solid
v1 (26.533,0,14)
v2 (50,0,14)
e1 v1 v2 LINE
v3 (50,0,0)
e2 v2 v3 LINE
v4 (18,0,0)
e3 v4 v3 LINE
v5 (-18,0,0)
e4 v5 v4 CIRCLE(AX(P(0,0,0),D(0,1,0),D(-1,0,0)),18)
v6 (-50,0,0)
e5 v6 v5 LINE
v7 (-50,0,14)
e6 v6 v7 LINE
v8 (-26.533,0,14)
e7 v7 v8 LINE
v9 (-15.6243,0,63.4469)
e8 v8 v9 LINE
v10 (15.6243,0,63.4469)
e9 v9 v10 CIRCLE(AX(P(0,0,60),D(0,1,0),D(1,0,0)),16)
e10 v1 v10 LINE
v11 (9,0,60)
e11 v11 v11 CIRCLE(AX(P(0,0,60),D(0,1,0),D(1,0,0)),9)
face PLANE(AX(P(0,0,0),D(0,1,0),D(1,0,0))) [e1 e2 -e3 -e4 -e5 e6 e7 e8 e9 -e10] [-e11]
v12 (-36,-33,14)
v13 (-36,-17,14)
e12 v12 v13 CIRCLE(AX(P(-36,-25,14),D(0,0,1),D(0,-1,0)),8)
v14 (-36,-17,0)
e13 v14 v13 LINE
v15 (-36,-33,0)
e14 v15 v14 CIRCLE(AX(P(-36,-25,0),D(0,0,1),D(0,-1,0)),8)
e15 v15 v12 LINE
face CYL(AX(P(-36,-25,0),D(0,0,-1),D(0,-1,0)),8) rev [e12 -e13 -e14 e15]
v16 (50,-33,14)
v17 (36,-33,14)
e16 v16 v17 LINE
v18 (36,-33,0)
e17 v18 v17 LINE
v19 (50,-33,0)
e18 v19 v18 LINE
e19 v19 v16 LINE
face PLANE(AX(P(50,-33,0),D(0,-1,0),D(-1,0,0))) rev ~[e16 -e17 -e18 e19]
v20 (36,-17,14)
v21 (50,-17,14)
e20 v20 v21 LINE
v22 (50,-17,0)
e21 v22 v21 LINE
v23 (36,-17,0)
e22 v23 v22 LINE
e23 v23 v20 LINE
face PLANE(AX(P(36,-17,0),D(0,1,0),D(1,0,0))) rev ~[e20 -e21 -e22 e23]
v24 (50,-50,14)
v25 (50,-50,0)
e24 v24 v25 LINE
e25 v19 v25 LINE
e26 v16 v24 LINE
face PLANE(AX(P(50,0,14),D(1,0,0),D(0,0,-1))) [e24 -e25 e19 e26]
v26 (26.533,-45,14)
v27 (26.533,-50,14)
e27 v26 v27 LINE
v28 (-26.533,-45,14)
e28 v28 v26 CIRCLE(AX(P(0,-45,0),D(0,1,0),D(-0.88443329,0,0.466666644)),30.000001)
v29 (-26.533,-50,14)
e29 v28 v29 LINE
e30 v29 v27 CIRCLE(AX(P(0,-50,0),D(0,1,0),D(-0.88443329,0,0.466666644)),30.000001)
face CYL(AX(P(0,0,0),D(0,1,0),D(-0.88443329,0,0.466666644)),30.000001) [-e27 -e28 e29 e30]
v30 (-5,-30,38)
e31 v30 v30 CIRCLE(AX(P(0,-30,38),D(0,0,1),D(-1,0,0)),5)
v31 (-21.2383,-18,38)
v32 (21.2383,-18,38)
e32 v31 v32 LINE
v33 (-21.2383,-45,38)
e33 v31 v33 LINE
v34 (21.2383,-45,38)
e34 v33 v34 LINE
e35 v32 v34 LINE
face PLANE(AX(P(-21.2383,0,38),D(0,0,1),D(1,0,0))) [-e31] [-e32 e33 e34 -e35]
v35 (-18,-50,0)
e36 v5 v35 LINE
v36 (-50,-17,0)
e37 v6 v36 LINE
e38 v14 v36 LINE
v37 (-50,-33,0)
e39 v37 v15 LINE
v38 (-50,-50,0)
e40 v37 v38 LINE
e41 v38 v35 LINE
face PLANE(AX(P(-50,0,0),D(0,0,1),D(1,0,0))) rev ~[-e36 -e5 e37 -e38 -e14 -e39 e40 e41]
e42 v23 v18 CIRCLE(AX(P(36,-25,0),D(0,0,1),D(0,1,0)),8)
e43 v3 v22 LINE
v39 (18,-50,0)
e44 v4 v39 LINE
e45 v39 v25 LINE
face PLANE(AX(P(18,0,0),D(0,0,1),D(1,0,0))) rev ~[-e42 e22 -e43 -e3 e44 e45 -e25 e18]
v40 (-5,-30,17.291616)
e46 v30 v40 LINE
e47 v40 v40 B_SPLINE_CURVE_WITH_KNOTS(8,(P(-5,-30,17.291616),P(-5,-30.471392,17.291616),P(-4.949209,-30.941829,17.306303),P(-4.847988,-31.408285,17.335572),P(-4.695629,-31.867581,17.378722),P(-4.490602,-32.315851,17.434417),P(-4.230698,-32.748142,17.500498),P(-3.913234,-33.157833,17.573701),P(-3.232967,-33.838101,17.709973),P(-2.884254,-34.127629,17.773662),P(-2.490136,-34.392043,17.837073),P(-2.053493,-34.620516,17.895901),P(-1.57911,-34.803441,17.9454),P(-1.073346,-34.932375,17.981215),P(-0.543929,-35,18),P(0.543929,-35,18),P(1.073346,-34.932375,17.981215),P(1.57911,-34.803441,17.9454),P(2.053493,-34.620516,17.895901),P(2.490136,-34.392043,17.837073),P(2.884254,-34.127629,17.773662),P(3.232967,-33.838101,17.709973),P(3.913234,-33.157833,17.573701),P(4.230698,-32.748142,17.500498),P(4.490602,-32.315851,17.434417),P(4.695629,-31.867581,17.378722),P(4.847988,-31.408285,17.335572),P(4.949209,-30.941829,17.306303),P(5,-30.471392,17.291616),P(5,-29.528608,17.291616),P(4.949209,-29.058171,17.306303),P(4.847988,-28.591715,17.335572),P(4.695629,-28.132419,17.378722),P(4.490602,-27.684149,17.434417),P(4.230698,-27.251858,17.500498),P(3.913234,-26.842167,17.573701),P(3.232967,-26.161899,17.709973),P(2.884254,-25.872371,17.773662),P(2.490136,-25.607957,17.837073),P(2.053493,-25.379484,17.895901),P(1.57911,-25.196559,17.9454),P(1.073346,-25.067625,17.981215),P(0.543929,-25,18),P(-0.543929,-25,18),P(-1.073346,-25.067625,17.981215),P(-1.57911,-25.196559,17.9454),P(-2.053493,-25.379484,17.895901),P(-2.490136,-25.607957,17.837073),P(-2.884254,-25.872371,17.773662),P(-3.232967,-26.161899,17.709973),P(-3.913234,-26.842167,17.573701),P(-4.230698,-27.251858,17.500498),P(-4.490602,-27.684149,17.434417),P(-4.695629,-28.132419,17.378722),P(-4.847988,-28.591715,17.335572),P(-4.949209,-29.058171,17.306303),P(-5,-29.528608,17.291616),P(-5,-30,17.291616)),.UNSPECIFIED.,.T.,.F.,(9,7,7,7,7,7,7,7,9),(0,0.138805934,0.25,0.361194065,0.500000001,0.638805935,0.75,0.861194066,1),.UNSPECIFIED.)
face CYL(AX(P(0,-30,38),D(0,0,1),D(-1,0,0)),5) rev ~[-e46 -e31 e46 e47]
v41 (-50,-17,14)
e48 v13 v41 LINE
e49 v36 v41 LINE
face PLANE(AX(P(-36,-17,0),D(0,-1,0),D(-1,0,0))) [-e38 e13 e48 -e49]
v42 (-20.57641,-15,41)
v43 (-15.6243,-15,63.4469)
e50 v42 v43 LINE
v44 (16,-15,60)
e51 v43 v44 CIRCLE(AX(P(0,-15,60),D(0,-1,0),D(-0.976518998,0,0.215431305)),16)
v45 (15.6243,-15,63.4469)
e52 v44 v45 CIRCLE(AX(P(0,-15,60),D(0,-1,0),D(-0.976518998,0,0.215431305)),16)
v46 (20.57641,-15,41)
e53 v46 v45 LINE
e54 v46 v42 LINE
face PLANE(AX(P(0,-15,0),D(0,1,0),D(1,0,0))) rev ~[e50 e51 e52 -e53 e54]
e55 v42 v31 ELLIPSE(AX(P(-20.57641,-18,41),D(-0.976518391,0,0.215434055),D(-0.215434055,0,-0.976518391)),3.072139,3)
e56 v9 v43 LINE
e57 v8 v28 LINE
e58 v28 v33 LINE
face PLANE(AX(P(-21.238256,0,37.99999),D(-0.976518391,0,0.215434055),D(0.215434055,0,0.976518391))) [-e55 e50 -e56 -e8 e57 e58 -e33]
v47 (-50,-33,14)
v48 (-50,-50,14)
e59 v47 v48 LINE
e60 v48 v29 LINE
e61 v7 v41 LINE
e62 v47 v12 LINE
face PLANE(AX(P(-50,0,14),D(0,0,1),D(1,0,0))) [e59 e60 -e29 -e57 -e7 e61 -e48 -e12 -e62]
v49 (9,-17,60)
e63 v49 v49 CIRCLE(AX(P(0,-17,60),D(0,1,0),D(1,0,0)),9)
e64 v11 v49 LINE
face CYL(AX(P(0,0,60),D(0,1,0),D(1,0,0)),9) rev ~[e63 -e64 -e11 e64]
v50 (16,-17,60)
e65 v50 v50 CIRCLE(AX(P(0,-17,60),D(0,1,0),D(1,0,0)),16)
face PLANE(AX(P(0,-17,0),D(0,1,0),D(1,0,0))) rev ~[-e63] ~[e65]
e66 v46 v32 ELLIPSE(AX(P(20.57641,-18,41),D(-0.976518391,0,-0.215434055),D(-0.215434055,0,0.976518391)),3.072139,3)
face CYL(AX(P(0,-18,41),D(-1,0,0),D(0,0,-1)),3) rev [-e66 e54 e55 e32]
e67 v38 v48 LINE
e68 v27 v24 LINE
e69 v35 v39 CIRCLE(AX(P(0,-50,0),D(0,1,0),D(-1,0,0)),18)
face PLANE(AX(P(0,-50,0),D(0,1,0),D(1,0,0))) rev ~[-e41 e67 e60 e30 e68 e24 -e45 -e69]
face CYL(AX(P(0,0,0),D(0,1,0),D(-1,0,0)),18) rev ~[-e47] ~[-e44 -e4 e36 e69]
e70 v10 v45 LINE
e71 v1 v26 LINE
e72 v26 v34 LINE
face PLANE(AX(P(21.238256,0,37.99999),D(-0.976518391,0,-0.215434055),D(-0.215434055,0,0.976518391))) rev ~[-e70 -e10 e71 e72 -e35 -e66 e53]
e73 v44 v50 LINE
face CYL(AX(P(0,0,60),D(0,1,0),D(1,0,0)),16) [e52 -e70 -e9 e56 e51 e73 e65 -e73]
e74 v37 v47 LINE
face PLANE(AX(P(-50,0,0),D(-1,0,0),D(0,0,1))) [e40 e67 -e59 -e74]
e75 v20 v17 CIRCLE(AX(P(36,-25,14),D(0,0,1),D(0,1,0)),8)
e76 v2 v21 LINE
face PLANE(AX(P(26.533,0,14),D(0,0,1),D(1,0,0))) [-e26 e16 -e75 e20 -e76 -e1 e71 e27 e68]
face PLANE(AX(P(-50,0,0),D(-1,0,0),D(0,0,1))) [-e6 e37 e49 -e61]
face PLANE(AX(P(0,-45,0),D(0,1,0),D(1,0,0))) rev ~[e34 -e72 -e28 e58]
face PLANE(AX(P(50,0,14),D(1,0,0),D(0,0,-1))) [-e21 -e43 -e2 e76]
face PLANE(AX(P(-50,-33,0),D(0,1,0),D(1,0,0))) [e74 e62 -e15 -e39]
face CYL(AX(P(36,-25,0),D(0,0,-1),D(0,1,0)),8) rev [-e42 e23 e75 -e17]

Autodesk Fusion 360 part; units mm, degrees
sketch "草图1" plane through (0, 0, 0) normal (0, 1, 0) x (1, 0, 0)
  line L0 (-100, 0) -> (100, 0) construction
  line L1 (-50, 0) -> (-50, -14)
  line L2 (-50, -14) -> (-26.533, -14)
  arc A0 (-26.533, -14) -> (26.533, -14) centre (0, 0) ccw
  line L3 (26.533, -14) -> (50, -14)
  line L4 (50, -14) -> (50, 0)
  line L5 (18, 0) -> (50, 0)
  line L6 (-50, 0) -> (-18, 0)
  line L7 (0, -85) -> (0, 30) construction
  arc A1 (-18, 0) -> (18, 0) centre (0, 0) ccw
  circle A2 centre (0, -60) radius 16
  circle A3 centre (0, -60) radius 9
  line L8 (-26.533, -14) -> (-15.6243, -63.4469)
  line L9 (26.533, -14) -> (15.6243, -63.4469)
  line L10 (-21.2383, -38) -> (21.2383, -38)
  dimension "d1" = 14
  dimension "d2" = 14
  dimension "d3" = 100
  dimension "d5" = 30
  dimension "d6" = 18
  dimension "d7" = 32
  dimension "d8" = 18
  dimension "d9" = 60
  dimension "d10" = 38
extrude "拉伸1" add sketch "草图1" against normal blind 50 contours L1 L2 A0 L3 L4 L5 L6 A1 makes body 1
extrude "拉伸2" add sketch "草图1" against normal blind 45 contours A0 L8 L9 L10 bodies 1
extrude "拉伸3" add sketch "草图1" against normal blind 15 contours A2 L8 L9 L10 bodies 1
extrude "拉伸4" add sketch "草图1" against normal blind 17 contours A2 bodies 1
sketch "草图2" plane through (0, 0, 0) normal (1, 0, 0) x (0, 1, 0)
  line L0 (-15, 63.4469) -> (-15, 41)
  line L1 (-18, 38) -> (-45, 38)
  arc A0 (-18, 38) -> (-15, 41) centre (-18, 41) ccw
  line L2 (-15, 63.4469) -> (-15, 38)
  line L3 (-15, 38) -> (-45, 38)
  point P0 (-15, 63.4469)
  point P1 (-45, 38)
  point P2 (-15, 38)
  dimension "d19" = 3
extrude "拉伸5" add sketch "草图2" along normal mid plane 54 separate body makes body 2
extrude "拉伸6" cut sketch "草图1" against normal blind 75 contours A2 L8 L9 L10 keep common part bodies 2
combine "合并1" operation add target body 1 tool bodies 2
sketch "草图3" plane through (0, 0, 0) normal (0, 0, 1) x (1, 0, 0)
  line L0 (-50, -17) -> (-50, -33)
  line L1 (-50, -33) -> (-36, -33)
  arc A0 (-36, -33) -> (-36, -17) centre (-36, -25) ccw
  line L2 (-36, -17) -> (-50, -17)
  line L3 (0, 15) -> (0, -36) construction
  line L4 (36, -17) -> (50, -17)
  line L5 (50, -17) -> (50, -33)
  line L6 (50, -33) -> (36, -33)
  arc A1 (36, -17) -> (36, -33) centre (36, -25) ccw
  dimension "d24" = 50
  dimension "d25" = 36
  dimension "d26" = 16
  dimension "d27" = 25
extrude "拉伸7" cut sketch "草图3" along normal blind 14 bodies 1
sketch "草图4" plane through (0, 0, 38) normal (0, 0, 1) x (-1, 0, 0)
  line L0 (-21.2383, 18) -> (21.2383, 18)
  line L1 (21.2383, 18) -> (21.2383, 45)
  line L2 (21.2383, 45) -> (-21.2383, 45)
  line L3 (-21.2383, 45) -> (-21.2383, 18)
  circle A0 centre (0, 30) radius 5
  line L4 (0, 45) -> (0, 18) construction
  dimension "d30" = 15
  dimension "d31" = 10
extrude "拉伸8" cut sketch "草图4" against normal blind 57 contours A0 bodies 1
equation "d10 = 60 mm - 22 mm"
